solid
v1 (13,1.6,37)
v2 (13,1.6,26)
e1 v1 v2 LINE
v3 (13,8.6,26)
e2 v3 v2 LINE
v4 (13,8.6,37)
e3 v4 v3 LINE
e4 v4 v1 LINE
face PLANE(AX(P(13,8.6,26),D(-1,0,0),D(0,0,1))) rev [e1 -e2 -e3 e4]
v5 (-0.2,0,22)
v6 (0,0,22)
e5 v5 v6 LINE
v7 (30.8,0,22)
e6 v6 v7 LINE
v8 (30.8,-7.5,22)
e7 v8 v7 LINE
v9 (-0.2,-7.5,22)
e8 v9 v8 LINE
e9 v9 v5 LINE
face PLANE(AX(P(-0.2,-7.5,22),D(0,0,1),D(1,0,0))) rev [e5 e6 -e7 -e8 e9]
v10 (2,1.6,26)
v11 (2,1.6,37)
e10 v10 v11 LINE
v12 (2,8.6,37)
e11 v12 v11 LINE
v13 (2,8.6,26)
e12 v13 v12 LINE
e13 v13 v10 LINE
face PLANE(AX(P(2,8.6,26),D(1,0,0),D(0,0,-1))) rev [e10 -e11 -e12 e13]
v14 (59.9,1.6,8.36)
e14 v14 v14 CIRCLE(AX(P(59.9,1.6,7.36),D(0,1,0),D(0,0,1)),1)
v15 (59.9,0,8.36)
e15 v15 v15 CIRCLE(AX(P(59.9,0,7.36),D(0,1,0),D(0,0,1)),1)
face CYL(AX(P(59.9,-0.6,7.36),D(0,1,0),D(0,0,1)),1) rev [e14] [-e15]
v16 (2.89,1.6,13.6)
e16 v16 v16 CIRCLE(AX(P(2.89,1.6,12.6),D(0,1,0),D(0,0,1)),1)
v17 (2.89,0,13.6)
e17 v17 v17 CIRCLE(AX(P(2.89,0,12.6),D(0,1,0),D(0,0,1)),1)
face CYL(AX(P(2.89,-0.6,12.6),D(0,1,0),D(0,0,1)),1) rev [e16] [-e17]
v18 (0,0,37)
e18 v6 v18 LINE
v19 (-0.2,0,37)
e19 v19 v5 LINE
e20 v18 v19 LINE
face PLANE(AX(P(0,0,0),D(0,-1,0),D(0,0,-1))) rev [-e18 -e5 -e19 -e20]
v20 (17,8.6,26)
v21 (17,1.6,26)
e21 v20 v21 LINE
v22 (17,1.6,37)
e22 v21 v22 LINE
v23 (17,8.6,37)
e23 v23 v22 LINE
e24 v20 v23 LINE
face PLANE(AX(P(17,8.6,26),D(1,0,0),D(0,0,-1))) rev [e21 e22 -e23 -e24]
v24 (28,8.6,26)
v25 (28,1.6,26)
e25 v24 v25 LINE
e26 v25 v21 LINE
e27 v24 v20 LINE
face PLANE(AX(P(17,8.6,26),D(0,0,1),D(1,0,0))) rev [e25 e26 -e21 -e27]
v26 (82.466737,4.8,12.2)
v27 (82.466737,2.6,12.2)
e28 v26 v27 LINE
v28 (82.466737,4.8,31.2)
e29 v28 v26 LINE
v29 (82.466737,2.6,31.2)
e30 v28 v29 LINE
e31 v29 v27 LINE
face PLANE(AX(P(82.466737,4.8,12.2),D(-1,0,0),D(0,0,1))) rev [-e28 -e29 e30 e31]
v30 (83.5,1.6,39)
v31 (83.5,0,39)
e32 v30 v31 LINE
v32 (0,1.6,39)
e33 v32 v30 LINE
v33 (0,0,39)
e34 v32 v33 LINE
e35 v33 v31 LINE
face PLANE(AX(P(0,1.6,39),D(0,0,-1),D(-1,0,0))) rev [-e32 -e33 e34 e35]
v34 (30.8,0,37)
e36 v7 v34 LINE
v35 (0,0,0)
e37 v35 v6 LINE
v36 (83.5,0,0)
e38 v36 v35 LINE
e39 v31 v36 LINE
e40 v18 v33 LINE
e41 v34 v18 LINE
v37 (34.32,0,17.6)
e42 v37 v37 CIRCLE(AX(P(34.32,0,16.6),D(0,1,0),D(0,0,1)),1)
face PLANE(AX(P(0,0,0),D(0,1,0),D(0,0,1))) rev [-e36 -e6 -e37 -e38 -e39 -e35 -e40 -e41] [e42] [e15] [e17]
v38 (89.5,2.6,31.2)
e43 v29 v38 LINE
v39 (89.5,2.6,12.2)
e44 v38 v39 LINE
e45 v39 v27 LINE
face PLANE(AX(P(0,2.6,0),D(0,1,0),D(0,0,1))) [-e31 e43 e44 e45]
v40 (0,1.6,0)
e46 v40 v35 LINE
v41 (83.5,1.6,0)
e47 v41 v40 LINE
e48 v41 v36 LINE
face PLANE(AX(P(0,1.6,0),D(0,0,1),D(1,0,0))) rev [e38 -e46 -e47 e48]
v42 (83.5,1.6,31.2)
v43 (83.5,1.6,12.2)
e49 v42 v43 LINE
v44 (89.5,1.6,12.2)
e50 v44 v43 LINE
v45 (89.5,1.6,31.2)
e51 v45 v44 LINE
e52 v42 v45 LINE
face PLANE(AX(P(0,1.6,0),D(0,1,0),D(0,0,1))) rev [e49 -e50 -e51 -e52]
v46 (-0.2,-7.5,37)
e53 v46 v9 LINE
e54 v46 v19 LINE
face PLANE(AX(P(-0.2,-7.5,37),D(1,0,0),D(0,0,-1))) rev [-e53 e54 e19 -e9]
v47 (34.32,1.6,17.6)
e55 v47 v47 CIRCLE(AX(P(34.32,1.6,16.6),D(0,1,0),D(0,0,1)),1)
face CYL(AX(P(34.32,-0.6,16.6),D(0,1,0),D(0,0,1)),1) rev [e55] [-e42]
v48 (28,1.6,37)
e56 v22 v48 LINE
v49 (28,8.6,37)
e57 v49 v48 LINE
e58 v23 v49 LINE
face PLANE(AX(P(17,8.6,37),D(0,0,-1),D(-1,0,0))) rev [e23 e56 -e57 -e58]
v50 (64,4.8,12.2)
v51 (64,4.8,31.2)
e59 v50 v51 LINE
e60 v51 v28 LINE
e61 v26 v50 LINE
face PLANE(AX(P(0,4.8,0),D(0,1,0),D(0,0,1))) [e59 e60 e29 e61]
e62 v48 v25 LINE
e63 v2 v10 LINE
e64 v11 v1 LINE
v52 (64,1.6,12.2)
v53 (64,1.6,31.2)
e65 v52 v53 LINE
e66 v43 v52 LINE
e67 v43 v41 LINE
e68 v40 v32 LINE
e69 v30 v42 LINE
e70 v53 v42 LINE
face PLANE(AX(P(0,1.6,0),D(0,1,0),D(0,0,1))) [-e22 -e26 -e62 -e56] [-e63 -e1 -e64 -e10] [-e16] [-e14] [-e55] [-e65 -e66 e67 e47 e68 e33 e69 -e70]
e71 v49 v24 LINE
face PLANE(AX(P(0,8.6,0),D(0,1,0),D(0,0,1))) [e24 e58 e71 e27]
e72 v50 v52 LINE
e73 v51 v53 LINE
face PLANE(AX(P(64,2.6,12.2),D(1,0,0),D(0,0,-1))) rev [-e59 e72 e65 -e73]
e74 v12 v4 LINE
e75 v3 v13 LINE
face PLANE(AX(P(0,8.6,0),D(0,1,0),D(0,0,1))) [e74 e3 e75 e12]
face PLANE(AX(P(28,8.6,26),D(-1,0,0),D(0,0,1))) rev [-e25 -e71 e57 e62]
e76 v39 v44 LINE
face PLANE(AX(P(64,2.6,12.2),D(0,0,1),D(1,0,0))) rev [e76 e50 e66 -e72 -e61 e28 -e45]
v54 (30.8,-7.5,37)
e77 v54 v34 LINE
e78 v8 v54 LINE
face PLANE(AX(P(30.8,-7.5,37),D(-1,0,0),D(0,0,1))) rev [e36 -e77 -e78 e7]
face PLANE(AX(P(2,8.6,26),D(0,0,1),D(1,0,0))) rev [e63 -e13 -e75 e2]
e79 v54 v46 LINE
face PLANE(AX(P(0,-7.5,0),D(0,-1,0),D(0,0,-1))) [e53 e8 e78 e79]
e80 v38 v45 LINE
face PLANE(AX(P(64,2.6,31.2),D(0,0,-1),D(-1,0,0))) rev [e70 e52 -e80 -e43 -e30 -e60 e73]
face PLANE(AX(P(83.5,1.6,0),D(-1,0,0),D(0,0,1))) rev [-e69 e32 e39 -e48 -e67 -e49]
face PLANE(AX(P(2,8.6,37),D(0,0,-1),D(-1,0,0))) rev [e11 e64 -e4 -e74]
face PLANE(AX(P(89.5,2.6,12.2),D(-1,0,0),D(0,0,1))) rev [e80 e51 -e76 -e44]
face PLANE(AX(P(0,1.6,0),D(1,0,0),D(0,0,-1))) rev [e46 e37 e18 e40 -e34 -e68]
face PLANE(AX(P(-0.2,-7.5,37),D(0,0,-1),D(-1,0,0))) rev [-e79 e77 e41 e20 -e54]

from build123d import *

# Parameters (mm, degrees)
SKETCH2_W           = 83.5
SKETCH2_H           = 39
BOSS_EXTRUDE1_DEPTH = 1.6
SKETCH3_W           = 25.5
SKETCH3_H           = 19
BOSS_EXTRUDE2_DEPTH = 1
SKETCH4_W           = 18.466737103
SKETCH4_H           = 19
BOSS_EXTRUDE3_DEPTH = 2.2
SKETCH5_R           = 1
CUT_EXTRUDE1_DEPTH  = 2.2
SKETCH6_W           = 11
SKETCH6_H           = 11
BOSS_EXTRUDE4_DEPTH = 7
SKETCH7_W           = 31
SKETCH7_H           = 15
BOSS_EXTRUDE5_DEPTH = 7.5


with BuildPart() as part:
    # Sketch2 → Boss-Extrude1 (new body)
    with BuildSketch(Plane(origin=(0, 0, 0), x_dir=(1, 0, 0), z_dir=(0, 1, 0))):
        with Locations((41.75, -19.5)):
            Rectangle(SKETCH2_W, SKETCH2_H)
    extrude(amount=BOSS_EXTRUDE1_DEPTH)

    # Sketch3 → Boss-Extrude2 (add)
    with BuildSketch(Plane(origin=(0, 1.6, 0), x_dir=(1, 0, 0), z_dir=(0, 1, 0))):
        with Locations((76.75, -21.7)):
            Rectangle(SKETCH3_W, SKETCH3_H)
    extrude(amount=BOSS_EXTRUDE2_DEPTH)

    # Sketch4 → Boss-Extrude3 (add)
    with BuildSketch(Plane(origin=(0, 2.6, 0), x_dir=(1, 0, 0), z_dir=(0, 1, 0))):
        with Locations((73.233368552, -21.7)):
            Rectangle(SKETCH4_W, SKETCH4_H)
    extrude(amount=BOSS_EXTRUDE3_DEPTH)

    # Sketch5 → Cut-Extrude1 (cut)
    with BuildSketch(Plane(origin=(0, 1.6, 0), x_dir=(1, 0, 0), z_dir=(0, 1, 0))):
        with Locations(Location((59.9, -7.36, 0), (0, 0, 270))):
            Circle(SKETCH5_R)
        with Locations(Location((34.32, -16.6, 0), (0, 0, 270))):
            Circle(SKETCH5_R)
        with Locations(Location((2.89, -12.6, 0), (0, 0, 270))):
            Circle(SKETCH5_R)
    extrude(amount=-CUT_EXTRUDE1_DEPTH, mode=Mode.SUBTRACT)

    # Sketch6 → Boss-Extrude4 (add)
    with BuildSketch(Plane(origin=(0, 1.6, 0), x_dir=(1, 0, 0), z_dir=(0, 1, 0))):
        with Locations((7.5, -31.5)):
            Rectangle(SKETCH6_W, SKETCH6_H)
        with Locations((22.5, -31.5)):
            Rectangle(SKETCH6_W, SKETCH6_H)
    extrude(amount=BOSS_EXTRUDE4_DEPTH)

    # Sketch7 → Boss-Extrude5 (add)
    with BuildSketch(Plane(origin=(0, 0, 0), x_dir=(-1, 0, 0), z_dir=(0, -1, 0))):
        with Locations((-15.3, -29.5)):
            Rectangle(SKETCH7_W, SKETCH7_H)
    extrude(amount=BOSS_EXTRUDE5_DEPTH)


solid = part.part
